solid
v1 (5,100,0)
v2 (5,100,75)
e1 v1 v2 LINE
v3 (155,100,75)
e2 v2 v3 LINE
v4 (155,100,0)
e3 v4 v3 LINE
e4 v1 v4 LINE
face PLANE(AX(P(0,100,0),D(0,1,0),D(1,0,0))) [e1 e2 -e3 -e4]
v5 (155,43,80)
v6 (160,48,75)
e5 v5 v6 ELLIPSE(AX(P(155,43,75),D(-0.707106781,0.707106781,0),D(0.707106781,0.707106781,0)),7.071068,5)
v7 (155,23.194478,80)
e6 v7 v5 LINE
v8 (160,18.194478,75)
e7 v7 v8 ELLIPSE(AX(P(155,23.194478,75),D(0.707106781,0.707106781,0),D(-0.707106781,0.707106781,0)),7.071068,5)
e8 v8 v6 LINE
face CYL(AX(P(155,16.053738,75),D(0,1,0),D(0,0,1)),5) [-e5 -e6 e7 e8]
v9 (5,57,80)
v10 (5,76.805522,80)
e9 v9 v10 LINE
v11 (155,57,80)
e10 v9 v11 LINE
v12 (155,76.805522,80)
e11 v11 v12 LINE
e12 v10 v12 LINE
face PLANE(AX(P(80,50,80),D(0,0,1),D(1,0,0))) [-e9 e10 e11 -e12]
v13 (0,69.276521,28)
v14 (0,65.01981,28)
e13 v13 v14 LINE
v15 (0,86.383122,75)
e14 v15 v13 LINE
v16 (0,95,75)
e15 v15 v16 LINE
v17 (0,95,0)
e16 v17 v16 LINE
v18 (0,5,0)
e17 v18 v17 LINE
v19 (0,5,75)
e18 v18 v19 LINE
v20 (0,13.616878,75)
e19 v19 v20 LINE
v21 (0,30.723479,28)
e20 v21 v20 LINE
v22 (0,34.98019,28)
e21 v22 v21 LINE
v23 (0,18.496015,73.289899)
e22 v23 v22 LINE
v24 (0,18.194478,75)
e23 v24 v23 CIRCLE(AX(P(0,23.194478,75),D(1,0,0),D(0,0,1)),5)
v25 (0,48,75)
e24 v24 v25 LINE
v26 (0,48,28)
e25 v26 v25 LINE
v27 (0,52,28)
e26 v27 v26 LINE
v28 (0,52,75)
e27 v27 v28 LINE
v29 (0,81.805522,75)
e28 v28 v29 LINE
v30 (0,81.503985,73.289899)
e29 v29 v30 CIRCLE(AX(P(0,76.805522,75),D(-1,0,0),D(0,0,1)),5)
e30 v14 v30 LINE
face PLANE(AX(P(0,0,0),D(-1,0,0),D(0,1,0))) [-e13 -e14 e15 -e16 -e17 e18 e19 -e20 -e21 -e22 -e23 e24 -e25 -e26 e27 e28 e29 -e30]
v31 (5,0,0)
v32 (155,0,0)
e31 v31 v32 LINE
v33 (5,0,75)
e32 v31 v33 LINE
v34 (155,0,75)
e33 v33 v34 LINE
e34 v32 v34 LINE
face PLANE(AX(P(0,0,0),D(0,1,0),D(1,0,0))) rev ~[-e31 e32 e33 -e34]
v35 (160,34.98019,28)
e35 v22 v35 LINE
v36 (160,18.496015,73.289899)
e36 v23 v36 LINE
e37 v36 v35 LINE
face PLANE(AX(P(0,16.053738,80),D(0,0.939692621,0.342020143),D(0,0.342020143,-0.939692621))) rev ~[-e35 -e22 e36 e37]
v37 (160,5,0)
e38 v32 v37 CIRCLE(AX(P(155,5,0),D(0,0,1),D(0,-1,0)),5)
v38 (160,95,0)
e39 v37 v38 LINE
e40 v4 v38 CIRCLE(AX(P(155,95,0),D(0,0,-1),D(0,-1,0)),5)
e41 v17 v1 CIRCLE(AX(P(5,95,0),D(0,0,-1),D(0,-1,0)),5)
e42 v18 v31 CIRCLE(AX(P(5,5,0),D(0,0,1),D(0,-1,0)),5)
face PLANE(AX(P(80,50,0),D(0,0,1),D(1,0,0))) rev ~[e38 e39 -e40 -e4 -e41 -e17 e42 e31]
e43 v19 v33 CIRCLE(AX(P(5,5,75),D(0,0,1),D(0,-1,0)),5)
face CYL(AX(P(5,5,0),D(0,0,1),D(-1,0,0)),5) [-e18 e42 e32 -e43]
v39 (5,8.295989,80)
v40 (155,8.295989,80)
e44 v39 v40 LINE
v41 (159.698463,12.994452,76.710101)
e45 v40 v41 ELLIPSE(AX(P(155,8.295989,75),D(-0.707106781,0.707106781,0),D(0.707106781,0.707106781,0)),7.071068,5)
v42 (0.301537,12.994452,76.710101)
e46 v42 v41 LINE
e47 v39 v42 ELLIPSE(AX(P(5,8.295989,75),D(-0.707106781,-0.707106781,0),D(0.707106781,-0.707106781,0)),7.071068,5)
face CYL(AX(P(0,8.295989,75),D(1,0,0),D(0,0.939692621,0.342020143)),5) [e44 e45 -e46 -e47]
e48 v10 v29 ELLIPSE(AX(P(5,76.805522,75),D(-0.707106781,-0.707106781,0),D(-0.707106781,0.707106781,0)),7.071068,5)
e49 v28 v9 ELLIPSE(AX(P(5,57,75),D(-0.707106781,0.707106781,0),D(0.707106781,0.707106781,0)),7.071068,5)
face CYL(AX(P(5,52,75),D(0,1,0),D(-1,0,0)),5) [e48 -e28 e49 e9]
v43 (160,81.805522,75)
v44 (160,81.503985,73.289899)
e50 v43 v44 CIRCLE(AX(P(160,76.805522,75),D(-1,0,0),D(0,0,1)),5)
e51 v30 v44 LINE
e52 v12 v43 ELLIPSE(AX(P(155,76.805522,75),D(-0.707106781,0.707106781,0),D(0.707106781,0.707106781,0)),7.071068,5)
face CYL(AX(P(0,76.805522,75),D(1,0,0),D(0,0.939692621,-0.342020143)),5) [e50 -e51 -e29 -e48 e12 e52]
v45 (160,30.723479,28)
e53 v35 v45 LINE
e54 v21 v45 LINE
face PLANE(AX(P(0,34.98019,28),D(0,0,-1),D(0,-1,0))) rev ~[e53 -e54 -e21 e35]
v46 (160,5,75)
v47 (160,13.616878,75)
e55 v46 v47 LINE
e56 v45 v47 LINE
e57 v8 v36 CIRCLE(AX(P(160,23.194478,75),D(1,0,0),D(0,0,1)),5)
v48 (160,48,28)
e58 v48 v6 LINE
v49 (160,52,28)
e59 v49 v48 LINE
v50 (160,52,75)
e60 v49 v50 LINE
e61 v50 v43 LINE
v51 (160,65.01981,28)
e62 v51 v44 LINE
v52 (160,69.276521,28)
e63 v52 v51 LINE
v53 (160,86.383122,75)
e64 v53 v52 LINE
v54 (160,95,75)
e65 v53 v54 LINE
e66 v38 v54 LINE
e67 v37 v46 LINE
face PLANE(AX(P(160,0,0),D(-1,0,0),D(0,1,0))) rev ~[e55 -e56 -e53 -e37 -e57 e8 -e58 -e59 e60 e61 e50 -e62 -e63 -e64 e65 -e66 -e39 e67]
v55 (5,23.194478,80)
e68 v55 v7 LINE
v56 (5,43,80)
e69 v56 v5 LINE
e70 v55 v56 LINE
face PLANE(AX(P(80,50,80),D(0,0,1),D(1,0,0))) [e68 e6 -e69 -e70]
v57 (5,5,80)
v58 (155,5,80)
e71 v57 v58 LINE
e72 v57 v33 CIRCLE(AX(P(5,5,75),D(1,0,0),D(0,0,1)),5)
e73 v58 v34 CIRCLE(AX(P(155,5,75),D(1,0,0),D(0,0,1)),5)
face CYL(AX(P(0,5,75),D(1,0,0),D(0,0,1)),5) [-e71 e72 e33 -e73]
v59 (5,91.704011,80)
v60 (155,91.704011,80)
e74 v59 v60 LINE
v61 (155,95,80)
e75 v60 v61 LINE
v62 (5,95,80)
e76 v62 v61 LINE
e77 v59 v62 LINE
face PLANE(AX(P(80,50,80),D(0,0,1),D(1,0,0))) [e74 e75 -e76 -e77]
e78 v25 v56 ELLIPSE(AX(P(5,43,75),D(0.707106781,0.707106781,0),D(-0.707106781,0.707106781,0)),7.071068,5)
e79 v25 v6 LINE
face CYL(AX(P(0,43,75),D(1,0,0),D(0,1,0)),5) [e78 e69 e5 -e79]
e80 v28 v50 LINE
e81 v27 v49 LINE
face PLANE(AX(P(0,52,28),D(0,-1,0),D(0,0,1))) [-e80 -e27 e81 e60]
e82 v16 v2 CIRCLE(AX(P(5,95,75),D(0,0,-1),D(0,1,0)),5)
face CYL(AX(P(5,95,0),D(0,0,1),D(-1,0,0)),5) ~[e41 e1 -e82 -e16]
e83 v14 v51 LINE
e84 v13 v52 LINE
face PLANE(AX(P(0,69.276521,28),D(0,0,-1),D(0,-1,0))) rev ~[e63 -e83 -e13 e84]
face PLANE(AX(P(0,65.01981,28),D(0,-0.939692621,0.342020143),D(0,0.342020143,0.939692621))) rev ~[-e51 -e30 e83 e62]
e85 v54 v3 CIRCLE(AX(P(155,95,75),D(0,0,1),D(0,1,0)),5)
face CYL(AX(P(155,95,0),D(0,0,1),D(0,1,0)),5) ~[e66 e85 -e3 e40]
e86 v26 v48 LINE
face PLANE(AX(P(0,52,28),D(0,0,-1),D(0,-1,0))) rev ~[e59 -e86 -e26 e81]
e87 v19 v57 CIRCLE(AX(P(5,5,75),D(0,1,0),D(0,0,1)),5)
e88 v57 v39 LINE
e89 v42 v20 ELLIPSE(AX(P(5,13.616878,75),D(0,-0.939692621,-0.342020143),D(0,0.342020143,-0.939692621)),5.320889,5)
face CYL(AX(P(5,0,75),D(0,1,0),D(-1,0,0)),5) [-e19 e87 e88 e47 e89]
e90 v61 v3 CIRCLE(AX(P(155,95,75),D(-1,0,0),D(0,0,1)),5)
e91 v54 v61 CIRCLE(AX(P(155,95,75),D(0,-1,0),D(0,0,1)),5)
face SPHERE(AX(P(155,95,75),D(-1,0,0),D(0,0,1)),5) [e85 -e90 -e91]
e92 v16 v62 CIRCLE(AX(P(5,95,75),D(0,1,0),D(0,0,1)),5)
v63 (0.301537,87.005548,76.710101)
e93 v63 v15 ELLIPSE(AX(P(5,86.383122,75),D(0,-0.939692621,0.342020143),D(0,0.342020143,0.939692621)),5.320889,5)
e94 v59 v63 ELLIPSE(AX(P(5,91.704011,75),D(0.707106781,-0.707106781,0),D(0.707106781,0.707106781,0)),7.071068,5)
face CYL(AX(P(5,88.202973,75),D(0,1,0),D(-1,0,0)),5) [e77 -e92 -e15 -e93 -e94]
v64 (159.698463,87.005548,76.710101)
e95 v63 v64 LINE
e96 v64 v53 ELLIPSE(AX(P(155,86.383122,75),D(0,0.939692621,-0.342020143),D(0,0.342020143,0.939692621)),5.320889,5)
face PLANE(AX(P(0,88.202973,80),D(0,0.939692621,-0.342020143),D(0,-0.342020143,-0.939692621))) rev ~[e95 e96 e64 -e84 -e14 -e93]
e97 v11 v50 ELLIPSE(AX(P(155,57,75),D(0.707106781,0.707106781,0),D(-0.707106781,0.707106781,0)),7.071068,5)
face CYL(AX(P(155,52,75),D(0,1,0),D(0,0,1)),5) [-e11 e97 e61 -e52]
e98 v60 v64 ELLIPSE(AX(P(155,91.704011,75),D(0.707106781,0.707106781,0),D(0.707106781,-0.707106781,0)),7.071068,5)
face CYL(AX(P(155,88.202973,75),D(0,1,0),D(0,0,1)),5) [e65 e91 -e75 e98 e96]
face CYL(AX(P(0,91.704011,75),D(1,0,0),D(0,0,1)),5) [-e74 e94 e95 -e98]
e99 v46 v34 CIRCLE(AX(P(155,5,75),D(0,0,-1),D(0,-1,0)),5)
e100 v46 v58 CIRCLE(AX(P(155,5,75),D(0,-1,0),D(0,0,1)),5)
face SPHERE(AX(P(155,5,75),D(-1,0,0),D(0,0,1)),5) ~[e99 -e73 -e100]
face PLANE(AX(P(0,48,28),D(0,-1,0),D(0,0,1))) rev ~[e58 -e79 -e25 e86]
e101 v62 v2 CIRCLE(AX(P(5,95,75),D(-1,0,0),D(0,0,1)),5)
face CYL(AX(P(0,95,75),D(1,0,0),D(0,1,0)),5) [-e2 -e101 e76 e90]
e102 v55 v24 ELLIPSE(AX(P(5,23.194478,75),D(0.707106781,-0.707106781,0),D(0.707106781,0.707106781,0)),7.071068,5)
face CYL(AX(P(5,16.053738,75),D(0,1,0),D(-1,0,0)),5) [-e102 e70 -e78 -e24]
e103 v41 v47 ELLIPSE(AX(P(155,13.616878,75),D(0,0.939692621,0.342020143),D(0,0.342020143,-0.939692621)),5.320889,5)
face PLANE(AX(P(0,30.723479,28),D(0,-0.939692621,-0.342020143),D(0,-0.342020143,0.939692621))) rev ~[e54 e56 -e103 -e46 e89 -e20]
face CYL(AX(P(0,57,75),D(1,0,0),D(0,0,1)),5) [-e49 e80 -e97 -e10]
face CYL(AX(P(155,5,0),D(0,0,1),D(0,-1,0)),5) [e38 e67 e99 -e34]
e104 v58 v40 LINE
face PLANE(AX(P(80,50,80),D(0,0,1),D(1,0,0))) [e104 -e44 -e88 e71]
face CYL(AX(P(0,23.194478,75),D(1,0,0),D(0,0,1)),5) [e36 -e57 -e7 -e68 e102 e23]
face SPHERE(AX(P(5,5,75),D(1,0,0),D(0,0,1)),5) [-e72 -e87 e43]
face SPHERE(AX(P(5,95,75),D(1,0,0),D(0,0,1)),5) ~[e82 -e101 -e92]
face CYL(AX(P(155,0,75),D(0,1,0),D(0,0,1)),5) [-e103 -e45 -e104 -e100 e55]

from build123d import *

# Parameters (mm, degrees)
F0_W     = 160
F0_H     = 100
F1_DEPTH = 80
F2_W     = 4
F2_H     = 52
F3_DEPTH = 160
F4_R     = 5


with BuildPart() as f1:
    # F0 (on Top) → F1 (new body)
    with BuildSketch(Plane.XY):
        with Locations((80, 50)):
            Rectangle(F0_W, F0_H)
    extrude(amount=F1_DEPTH)

    # F2 (on face) → F3 (cut, through all)
    with BuildSketch(Plane(origin=(0, 0, 0), x_dir=(0, -1, 0), z_dir=(-1, 0, 0))):
        Polygon((-65.0198098907, 28), (-83.9462620725, 80), (-88.2029731624, 80), (-69.2765209806, 28), align=None)
        with Locations((-50, 54)):
            Rectangle(F2_W, F2_H)
        Polygon((-30.7234790194, 28), (-11.7970268376, 80), (-16.0537379275, 80), (-34.9801901093, 28), align=None)
    extrude(amount=-F3_DEPTH, mode=Mode.SUBTRACT)

    # F4
    f4_edges = [f1.edges().sort_by_distance(p)[0] for p in [
        (80, 0, 80),
        (80, 100, 80),
        (160, 94.101487, 80),
        (160, 67.973131, 80),
        (160, 32.026869, 80),
        (160, 5.898513, 80),
        (0, 5.898513, 80),
        (0, 32.026869, 80),
        (0, 67.973131, 80),
        (0, 94.101487, 80),
        (160, 100, 40),
        (0, 100, 40),
        (160, 0, 40),
        (0, 0, 40),
        (80, 48, 80),
        (80, 52, 80),
        (80, 83.946262, 80),
        (80, 88.202973, 80),
        (80, 16.053738, 80),
        (80, 11.797027, 80),
    ]]
    fillet(f4_edges, radius=F4_R)


solid = f1.part
